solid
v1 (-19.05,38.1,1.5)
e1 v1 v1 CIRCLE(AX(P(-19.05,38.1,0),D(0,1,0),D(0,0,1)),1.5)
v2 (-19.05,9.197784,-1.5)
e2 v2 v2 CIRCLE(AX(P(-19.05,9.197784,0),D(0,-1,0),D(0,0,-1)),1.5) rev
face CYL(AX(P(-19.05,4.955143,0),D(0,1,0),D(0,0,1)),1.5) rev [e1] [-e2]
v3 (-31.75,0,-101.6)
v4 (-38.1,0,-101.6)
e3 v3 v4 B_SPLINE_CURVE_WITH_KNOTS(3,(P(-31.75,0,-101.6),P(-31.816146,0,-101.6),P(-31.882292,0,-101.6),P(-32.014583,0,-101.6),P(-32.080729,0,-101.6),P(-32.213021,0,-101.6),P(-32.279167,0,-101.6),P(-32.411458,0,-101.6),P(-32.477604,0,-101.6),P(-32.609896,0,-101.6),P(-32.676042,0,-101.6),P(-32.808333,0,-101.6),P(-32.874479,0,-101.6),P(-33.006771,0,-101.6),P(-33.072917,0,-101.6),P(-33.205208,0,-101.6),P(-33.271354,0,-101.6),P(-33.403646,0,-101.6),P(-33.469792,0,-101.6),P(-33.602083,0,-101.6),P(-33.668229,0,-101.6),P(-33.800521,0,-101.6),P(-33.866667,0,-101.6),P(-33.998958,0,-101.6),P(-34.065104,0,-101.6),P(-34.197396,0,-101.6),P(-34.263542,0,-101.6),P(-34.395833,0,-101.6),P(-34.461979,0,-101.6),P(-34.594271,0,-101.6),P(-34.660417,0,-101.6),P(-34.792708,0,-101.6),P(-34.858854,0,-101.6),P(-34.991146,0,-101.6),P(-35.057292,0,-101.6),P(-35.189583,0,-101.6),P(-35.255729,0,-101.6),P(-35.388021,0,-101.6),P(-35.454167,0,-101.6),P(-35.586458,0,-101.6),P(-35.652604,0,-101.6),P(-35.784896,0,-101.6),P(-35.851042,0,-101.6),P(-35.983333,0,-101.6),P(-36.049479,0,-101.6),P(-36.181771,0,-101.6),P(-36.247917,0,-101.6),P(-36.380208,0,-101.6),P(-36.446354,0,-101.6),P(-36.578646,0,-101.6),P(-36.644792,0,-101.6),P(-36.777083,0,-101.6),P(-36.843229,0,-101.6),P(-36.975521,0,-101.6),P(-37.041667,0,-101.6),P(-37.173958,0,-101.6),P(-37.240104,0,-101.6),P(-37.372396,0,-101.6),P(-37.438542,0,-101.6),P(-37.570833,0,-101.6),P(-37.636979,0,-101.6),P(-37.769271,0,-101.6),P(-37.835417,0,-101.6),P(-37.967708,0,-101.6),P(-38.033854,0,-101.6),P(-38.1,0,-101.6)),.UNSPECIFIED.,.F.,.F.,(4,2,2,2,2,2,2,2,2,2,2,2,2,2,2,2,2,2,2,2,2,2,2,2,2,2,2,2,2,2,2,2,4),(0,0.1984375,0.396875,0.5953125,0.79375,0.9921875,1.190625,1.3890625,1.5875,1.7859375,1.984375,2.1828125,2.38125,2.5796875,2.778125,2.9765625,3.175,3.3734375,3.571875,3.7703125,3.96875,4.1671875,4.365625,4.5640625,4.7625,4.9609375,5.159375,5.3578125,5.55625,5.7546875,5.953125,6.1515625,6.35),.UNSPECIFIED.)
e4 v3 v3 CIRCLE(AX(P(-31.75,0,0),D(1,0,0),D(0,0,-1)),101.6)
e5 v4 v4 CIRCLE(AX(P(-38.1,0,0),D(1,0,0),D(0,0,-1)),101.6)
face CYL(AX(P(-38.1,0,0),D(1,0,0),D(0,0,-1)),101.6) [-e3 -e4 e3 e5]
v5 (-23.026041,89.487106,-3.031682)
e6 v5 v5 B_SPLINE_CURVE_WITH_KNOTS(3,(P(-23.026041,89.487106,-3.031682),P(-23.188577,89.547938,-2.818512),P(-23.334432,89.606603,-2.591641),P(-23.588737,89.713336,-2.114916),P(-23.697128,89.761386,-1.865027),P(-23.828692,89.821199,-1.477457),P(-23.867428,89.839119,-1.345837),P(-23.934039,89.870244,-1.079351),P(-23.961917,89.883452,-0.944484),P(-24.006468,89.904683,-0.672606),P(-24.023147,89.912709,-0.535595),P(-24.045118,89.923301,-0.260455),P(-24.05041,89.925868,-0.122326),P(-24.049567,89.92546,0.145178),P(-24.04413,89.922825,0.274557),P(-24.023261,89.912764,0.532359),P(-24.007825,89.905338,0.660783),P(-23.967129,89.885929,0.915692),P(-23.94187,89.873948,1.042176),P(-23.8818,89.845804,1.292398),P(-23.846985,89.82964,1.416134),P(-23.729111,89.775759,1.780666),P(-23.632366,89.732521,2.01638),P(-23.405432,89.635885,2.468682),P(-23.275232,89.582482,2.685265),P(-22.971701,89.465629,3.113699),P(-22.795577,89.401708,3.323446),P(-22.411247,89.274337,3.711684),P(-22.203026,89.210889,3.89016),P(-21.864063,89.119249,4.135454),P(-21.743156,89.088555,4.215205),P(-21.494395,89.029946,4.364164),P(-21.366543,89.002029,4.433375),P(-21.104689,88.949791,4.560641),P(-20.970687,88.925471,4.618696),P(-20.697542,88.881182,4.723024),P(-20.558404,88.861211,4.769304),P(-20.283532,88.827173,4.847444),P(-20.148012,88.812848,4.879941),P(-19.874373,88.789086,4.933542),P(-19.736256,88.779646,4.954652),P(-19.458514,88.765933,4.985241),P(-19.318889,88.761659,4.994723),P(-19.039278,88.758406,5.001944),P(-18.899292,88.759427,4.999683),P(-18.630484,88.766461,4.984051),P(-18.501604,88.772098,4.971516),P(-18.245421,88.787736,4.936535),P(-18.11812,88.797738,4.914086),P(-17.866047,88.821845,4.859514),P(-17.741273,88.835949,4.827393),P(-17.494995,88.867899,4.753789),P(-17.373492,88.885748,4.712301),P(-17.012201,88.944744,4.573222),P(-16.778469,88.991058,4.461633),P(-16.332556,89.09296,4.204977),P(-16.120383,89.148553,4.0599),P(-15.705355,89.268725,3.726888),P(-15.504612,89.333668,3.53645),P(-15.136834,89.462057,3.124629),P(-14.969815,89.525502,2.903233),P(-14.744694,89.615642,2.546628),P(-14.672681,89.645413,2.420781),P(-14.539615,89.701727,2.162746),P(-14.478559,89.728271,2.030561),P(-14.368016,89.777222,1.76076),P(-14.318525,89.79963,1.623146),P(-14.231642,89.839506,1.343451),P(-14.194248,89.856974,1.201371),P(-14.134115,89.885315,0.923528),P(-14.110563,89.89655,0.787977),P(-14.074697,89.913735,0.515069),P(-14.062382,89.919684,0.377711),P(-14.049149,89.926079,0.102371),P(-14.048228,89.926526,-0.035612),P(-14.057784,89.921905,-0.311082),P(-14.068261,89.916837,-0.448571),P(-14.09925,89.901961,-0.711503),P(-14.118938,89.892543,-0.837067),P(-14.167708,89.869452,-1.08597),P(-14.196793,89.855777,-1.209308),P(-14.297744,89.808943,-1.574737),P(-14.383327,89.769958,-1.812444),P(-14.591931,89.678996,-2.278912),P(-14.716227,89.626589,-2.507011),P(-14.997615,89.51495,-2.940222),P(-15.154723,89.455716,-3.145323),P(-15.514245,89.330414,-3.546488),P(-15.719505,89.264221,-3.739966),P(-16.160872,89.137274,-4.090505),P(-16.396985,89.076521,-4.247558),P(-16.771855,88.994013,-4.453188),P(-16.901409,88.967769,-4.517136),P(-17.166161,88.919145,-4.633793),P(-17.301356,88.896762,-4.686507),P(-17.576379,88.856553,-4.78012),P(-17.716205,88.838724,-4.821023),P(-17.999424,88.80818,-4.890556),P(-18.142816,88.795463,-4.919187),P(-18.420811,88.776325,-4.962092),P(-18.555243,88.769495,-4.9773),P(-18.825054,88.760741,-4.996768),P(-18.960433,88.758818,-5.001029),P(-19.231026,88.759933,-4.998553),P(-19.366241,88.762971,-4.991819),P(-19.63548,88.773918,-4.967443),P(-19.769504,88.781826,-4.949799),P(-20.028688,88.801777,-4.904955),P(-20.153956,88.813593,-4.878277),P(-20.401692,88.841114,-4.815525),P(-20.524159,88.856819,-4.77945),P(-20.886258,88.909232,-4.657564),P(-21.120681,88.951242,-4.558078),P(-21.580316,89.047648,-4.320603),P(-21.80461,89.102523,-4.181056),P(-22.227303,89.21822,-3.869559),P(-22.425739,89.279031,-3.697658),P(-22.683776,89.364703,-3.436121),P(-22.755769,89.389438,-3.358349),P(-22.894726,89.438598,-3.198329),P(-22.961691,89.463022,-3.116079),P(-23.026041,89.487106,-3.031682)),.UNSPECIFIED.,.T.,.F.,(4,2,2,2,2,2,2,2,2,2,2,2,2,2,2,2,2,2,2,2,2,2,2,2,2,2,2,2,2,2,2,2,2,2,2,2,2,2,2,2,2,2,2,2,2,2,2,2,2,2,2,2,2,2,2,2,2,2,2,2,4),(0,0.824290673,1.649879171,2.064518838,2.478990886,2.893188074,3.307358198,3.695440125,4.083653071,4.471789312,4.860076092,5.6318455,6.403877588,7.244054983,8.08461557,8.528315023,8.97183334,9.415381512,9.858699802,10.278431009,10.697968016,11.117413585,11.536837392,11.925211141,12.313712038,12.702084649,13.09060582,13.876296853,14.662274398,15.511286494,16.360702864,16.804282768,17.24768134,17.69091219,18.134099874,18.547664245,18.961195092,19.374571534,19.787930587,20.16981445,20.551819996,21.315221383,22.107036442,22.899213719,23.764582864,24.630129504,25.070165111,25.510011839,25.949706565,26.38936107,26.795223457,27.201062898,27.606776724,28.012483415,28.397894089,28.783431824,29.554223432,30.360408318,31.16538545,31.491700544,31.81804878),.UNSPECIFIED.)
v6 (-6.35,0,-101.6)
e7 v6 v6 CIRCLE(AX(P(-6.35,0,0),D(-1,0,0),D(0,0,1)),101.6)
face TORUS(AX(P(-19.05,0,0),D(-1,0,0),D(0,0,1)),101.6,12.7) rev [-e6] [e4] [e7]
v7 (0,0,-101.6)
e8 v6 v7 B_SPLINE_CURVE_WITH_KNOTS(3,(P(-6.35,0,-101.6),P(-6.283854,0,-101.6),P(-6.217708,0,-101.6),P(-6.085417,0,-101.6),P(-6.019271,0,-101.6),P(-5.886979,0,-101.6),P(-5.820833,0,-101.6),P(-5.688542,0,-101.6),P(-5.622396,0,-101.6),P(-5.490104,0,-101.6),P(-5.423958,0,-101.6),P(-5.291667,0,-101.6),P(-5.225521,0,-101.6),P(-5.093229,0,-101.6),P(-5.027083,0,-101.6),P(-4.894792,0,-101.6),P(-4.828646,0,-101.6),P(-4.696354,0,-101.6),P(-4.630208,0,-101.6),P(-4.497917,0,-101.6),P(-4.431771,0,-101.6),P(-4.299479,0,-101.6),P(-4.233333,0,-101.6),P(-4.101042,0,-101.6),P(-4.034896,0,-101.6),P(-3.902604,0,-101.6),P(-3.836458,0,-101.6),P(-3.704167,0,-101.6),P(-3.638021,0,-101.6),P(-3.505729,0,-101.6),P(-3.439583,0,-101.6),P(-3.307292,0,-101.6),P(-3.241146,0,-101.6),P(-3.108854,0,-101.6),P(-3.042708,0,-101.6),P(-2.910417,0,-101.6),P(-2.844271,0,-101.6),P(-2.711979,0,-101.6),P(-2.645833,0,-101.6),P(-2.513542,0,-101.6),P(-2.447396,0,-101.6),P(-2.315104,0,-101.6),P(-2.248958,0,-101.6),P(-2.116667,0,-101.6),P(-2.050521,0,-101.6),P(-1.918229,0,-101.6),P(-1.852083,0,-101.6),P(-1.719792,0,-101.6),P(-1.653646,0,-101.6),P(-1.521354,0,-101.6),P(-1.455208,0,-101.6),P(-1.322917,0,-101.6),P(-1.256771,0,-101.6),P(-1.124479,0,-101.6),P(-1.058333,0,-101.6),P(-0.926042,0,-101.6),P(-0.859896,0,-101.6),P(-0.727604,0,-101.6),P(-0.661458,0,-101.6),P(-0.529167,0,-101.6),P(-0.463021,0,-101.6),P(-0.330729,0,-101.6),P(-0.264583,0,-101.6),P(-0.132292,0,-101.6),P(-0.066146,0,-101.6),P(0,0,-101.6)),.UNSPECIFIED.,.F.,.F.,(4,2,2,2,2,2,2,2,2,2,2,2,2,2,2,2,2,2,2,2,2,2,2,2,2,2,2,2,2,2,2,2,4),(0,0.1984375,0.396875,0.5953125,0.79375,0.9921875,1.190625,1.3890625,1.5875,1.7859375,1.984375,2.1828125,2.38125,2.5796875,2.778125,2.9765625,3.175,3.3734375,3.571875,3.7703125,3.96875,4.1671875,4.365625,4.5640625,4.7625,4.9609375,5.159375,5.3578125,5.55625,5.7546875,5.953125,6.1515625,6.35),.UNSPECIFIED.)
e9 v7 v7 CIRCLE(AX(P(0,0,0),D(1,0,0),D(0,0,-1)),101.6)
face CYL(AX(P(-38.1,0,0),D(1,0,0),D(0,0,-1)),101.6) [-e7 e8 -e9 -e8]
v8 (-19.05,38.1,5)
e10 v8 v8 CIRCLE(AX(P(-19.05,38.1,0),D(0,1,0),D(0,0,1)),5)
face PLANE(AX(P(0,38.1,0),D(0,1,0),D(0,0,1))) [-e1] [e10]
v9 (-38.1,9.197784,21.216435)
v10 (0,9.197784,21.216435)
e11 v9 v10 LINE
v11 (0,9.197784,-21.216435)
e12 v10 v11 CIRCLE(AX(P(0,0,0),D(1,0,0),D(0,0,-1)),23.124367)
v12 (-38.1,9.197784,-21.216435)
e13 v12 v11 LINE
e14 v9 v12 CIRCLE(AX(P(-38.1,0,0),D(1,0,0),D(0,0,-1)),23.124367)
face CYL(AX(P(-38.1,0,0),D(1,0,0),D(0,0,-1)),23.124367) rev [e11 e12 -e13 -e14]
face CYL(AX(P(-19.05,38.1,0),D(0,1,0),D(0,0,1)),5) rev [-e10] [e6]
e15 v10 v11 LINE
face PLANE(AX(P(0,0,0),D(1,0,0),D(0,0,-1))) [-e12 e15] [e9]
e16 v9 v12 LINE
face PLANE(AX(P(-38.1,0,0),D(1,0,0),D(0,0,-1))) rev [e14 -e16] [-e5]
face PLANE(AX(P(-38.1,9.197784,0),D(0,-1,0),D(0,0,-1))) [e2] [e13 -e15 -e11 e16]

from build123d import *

# Parameters (mm, degrees)
SKETCH1_R           = 101.6
SKETCH1_R_2         = 23.124366549
BOSS_EXTRUDE1_DEPTH = 38.1
CUT_EXTRUDE1_DEPTH  = 63.5
SKETCH3_R           = 1.5
CUT_EXTRUDE4_DEPTH  = 28.902215931
SKETCH4_R           = 12.7


with BuildPart() as part:
    # Sketch1 → Boss-Extrude1 (new body)
    # profile 1 of 2: a face of its own
    with BuildSketch(Plane(origin=(0, 0, 0), x_dir=(0, 0, -1), z_dir=(1, 0, 0))):
        Circle(SKETCH1_R)
        Circle(SKETCH1_R_2, mode=Mode.SUBTRACT)
    # profile 2 of 2: a face of its own
    with BuildSketch(Plane(origin=(0, 0, 0), x_dir=(0, 0, -1), z_dir=(1, 0, 0))):
        with BuildLine():
            ThreePointArc((21.216434585, 9.197784069), (0, 23.124366549), (-21.216434585, 9.197784069))
            Line((-21.216434585, 9.197784069), (0, 9.197784069))
            Line((0, 9.197784069), (21.216434585, 9.197784069))
        make_face()
    extrude(amount=-BOSS_EXTRUDE1_DEPTH)

    # Sketch2 → Cut-Extrude1 (cut)
    with BuildSketch(Plane(origin=(0, 101.6, 0), x_dir=(1, 0, 0), z_dir=(0, 1, 0))):
        with BuildLine():
            ThreePointArc((-14.05, 0), (-15.514466094, 3.535533906), (-19.05, 5))
            Line((-19.05, 5), (-19.05, -5))
            ThreePointArc((-19.05, -5), (-15.514466094, -3.535533906), (-14.05, 0))
        make_face()
        with BuildLine():
            Line((-19.05, -5), (-19.05, 5))
            ThreePointArc((-19.05, 5), (-24.05, 0), (-19.05, -5))
        make_face()
    extrude(amount=-CUT_EXTRUDE1_DEPTH, mode=Mode.SUBTRACT)

    # Sketch3 → Cut-Extrude4 (cut)
    with BuildSketch(Plane(origin=(0, 38.1, 0), x_dir=(1, 0, 0), z_dir=(0, 1, 0))):
        with Locations(Location((-19.05, 0, 0), (0, 0, 270))):
            Circle(SKETCH3_R)
    extrude(amount=-CUT_EXTRUDE4_DEPTH, mode=Mode.SUBTRACT)

    # Sketch4 → Cut-Revolve1 (revolve, cut)
    with BuildSketch(Plane(origin=(0, 0, 0), x_dir=(1, 0, 0), z_dir=(0, 1, 0)), mode=Mode.PRIVATE) as cut_revolve1_sk:
        with Locations((-19.05, -101.6)):
            Circle(SKETCH4_R)
    revolve(cut_revolve1_sk.sketch.rotate(Axis((-18.38763681, 0, 0), (1, 0, 0)), 180), axis=Axis((-18.38763681, 0, 0), (1, 0, 0)), mode=Mode.SUBTRACT)


solid = part.part
